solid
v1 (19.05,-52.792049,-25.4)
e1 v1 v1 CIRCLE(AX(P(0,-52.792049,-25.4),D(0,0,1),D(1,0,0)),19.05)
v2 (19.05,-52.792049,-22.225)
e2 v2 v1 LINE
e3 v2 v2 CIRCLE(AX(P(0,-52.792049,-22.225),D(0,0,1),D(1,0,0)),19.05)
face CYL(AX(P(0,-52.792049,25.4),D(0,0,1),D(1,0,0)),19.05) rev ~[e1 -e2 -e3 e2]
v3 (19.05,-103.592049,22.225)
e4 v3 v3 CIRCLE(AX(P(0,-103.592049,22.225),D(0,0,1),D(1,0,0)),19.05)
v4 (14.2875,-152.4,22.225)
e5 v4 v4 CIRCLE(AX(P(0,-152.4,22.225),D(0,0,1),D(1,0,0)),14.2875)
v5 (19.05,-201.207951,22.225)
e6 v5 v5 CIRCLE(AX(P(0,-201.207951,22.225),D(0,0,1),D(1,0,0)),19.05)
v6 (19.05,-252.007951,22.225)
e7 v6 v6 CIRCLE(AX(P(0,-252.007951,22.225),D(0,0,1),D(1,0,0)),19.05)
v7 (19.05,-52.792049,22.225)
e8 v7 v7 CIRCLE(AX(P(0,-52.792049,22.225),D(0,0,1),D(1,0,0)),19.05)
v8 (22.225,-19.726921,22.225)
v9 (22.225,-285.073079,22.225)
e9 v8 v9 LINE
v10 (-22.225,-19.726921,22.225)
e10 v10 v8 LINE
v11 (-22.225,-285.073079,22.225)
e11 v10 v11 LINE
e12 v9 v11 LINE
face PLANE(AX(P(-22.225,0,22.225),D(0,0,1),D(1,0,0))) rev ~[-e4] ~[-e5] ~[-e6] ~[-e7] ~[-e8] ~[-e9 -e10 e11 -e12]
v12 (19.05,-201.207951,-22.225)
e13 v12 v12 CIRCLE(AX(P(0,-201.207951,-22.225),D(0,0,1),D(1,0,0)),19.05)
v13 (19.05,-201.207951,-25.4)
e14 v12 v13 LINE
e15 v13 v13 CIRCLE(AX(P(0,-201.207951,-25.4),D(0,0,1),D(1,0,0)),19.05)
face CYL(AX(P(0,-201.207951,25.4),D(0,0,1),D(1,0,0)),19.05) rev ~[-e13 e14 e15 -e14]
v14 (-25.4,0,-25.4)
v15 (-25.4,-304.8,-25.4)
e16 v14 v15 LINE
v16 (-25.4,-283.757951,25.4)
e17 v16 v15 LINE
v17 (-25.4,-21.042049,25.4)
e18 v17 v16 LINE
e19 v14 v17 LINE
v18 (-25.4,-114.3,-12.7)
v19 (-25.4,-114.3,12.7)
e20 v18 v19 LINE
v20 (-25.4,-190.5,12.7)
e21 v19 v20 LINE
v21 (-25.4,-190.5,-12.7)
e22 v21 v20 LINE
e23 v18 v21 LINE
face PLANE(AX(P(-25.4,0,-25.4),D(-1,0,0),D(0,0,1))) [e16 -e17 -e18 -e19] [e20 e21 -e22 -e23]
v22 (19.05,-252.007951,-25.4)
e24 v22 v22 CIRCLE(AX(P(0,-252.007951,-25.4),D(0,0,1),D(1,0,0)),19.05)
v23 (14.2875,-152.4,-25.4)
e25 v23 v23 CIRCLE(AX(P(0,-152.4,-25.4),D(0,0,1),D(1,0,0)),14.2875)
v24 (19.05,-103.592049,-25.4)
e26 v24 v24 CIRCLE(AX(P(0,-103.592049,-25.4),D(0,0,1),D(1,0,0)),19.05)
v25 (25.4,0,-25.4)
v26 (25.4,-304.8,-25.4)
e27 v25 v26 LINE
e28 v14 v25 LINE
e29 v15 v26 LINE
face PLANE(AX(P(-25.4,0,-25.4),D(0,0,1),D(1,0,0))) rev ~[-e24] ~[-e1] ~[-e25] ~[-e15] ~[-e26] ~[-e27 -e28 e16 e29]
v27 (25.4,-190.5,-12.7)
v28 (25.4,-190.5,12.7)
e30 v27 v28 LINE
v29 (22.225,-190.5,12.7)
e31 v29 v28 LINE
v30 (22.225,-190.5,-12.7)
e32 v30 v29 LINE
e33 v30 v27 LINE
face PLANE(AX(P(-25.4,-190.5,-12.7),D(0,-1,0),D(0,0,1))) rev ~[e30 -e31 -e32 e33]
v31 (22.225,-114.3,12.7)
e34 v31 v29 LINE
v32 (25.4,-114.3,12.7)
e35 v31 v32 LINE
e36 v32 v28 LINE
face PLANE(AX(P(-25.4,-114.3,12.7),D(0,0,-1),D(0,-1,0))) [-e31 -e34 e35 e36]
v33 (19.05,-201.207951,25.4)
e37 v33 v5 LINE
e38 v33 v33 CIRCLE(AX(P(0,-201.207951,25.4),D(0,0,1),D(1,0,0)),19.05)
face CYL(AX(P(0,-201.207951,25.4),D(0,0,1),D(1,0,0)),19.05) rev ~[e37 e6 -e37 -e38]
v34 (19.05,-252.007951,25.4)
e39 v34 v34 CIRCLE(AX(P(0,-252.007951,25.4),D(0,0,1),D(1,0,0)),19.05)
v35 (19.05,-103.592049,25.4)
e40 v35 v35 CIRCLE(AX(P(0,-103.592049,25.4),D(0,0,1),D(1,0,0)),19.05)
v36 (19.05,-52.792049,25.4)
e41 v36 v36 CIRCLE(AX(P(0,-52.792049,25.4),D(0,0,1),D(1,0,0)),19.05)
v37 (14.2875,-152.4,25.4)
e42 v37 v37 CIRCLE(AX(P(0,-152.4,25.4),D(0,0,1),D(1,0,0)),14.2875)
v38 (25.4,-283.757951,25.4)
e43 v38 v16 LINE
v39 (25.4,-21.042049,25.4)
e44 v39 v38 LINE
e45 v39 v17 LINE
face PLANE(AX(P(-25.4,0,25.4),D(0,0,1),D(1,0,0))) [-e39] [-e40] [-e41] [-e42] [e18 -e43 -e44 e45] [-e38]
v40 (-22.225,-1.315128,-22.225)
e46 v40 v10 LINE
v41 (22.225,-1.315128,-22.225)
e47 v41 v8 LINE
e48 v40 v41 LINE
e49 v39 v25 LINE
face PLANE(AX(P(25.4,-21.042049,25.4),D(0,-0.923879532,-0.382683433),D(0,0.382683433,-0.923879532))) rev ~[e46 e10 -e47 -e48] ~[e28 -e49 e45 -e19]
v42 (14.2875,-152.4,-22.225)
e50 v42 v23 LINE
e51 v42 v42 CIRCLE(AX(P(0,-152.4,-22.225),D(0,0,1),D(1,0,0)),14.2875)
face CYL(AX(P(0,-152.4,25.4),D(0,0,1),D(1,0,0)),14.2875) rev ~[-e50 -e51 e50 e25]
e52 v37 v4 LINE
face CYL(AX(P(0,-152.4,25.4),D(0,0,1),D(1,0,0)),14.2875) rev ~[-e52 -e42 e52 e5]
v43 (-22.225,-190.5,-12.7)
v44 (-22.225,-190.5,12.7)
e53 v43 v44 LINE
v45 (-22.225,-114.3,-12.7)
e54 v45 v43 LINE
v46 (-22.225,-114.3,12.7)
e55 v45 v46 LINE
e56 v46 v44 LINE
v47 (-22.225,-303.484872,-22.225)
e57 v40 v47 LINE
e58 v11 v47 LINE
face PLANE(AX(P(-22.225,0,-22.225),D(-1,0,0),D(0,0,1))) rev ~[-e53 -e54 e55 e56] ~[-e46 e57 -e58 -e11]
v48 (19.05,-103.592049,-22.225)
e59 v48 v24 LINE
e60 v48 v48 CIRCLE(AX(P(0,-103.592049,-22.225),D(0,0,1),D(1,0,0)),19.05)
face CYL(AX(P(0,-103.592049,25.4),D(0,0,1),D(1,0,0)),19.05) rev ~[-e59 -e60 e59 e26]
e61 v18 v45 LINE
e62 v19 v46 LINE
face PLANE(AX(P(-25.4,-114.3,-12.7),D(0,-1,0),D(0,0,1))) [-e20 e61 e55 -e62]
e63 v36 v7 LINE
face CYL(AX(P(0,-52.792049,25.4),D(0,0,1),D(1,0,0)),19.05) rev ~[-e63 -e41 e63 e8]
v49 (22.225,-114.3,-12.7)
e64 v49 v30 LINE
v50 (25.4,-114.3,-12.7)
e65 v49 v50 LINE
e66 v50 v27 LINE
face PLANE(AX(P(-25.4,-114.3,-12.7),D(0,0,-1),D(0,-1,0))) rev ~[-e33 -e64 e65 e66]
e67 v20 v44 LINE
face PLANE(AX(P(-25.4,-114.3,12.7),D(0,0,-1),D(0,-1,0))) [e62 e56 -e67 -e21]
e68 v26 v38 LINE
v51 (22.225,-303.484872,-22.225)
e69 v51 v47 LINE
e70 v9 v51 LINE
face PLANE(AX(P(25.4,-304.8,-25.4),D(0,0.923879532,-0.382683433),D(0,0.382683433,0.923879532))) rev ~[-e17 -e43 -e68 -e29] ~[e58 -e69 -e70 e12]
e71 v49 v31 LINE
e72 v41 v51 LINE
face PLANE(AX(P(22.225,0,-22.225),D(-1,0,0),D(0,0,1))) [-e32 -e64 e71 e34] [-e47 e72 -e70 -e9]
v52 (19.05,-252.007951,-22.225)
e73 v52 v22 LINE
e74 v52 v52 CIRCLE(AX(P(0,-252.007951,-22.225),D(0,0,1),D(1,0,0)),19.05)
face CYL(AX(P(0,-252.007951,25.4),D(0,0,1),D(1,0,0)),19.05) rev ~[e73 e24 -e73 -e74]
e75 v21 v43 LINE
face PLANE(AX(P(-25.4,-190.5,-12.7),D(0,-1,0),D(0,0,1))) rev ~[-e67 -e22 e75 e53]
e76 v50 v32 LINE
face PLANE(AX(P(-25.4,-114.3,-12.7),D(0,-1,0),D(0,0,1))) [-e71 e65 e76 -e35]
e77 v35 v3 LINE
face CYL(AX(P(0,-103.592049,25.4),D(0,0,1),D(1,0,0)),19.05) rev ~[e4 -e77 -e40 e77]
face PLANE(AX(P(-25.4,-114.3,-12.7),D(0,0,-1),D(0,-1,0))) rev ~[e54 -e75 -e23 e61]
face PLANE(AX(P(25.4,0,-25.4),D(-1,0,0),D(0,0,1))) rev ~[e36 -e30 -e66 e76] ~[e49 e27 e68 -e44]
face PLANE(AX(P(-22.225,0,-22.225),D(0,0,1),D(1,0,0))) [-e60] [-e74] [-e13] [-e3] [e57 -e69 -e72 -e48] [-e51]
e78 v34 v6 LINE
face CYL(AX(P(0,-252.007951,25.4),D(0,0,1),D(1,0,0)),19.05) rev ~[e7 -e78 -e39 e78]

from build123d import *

# Parameters (mm, degrees)
F1_W      = 50.8
F1_H      = 50.8
F1_W_2    = 44.45
F1_H_2    = 44.45
F2_DEPTH  = 304.8
F4_DEPTH  = 50.801
F6_DEPTH  = 127
F7_R      = 14.2875
F8_DEPTH  = 50.801
F9_W      = 76.2
F9_H      = 25.4
F10_DEPTH = 50.801
F11_R     = 19.05
F12_DEPTH = 50.8


with BuildPart() as f2:
    # F1 (on face) → F2 (new body)
    with BuildSketch(Plane.XZ):
        Rectangle(F1_W, F1_H)
        Rectangle(F1_W_2, F1_H_2, mode=Mode.SUBTRACT)
    extrude(amount=F2_DEPTH)

    # F3 (on face) → F4 (cut, through all)
    with BuildSketch(Plane.YZ.offset(25.4)):
        Polygon((-283.757951, 25.4), (-304.8, 25.4), (-304.8, -25.4), align=None)
    extrude(amount=-F4_DEPTH, mode=Mode.SUBTRACT)

    # F5 (on face) → F6 (cut)
    with BuildSketch(Plane.YZ.offset(25.4)):
        Polygon((0, -25.4), (0, 25.4), (-21.042049, 25.4), align=None)
    extrude(amount=-F6_DEPTH, mode=Mode.SUBTRACT)

    # F7 (on face) → F8 (cut, through all)
    with BuildSketch(Plane.XY.offset(25.4)):
        with Locations((0, -152.4)):
            Circle(F7_R)
    extrude(amount=-F8_DEPTH, mode=Mode.SUBTRACT)

    # F9 (on face) → F10 (cut, through all)
    with BuildSketch(Plane(origin=(-25.4, 0, 0), x_dir=(0, -1, 0), z_dir=(-1, 0, 0))):
        with Locations((152.4, 0)):
            Rectangle(F9_W, F9_H)
    extrude(amount=-F10_DEPTH, mode=Mode.SUBTRACT)

    # F11 (on face) → F12 (cut)
    with BuildSketch(Plane.XY.offset(25.4)):
        with Locations((0, -252.007951)):
            Circle(F11_R)
        with Locations((0, -201.207951)):
            Circle(F11_R)
        with Locations((0, -103.592049)):
            Circle(F11_R)
        with Locations((0, -52.792049)):
            Circle(F11_R)
    extrude(amount=-F12_DEPTH, mode=Mode.SUBTRACT)


solid = f2.part
